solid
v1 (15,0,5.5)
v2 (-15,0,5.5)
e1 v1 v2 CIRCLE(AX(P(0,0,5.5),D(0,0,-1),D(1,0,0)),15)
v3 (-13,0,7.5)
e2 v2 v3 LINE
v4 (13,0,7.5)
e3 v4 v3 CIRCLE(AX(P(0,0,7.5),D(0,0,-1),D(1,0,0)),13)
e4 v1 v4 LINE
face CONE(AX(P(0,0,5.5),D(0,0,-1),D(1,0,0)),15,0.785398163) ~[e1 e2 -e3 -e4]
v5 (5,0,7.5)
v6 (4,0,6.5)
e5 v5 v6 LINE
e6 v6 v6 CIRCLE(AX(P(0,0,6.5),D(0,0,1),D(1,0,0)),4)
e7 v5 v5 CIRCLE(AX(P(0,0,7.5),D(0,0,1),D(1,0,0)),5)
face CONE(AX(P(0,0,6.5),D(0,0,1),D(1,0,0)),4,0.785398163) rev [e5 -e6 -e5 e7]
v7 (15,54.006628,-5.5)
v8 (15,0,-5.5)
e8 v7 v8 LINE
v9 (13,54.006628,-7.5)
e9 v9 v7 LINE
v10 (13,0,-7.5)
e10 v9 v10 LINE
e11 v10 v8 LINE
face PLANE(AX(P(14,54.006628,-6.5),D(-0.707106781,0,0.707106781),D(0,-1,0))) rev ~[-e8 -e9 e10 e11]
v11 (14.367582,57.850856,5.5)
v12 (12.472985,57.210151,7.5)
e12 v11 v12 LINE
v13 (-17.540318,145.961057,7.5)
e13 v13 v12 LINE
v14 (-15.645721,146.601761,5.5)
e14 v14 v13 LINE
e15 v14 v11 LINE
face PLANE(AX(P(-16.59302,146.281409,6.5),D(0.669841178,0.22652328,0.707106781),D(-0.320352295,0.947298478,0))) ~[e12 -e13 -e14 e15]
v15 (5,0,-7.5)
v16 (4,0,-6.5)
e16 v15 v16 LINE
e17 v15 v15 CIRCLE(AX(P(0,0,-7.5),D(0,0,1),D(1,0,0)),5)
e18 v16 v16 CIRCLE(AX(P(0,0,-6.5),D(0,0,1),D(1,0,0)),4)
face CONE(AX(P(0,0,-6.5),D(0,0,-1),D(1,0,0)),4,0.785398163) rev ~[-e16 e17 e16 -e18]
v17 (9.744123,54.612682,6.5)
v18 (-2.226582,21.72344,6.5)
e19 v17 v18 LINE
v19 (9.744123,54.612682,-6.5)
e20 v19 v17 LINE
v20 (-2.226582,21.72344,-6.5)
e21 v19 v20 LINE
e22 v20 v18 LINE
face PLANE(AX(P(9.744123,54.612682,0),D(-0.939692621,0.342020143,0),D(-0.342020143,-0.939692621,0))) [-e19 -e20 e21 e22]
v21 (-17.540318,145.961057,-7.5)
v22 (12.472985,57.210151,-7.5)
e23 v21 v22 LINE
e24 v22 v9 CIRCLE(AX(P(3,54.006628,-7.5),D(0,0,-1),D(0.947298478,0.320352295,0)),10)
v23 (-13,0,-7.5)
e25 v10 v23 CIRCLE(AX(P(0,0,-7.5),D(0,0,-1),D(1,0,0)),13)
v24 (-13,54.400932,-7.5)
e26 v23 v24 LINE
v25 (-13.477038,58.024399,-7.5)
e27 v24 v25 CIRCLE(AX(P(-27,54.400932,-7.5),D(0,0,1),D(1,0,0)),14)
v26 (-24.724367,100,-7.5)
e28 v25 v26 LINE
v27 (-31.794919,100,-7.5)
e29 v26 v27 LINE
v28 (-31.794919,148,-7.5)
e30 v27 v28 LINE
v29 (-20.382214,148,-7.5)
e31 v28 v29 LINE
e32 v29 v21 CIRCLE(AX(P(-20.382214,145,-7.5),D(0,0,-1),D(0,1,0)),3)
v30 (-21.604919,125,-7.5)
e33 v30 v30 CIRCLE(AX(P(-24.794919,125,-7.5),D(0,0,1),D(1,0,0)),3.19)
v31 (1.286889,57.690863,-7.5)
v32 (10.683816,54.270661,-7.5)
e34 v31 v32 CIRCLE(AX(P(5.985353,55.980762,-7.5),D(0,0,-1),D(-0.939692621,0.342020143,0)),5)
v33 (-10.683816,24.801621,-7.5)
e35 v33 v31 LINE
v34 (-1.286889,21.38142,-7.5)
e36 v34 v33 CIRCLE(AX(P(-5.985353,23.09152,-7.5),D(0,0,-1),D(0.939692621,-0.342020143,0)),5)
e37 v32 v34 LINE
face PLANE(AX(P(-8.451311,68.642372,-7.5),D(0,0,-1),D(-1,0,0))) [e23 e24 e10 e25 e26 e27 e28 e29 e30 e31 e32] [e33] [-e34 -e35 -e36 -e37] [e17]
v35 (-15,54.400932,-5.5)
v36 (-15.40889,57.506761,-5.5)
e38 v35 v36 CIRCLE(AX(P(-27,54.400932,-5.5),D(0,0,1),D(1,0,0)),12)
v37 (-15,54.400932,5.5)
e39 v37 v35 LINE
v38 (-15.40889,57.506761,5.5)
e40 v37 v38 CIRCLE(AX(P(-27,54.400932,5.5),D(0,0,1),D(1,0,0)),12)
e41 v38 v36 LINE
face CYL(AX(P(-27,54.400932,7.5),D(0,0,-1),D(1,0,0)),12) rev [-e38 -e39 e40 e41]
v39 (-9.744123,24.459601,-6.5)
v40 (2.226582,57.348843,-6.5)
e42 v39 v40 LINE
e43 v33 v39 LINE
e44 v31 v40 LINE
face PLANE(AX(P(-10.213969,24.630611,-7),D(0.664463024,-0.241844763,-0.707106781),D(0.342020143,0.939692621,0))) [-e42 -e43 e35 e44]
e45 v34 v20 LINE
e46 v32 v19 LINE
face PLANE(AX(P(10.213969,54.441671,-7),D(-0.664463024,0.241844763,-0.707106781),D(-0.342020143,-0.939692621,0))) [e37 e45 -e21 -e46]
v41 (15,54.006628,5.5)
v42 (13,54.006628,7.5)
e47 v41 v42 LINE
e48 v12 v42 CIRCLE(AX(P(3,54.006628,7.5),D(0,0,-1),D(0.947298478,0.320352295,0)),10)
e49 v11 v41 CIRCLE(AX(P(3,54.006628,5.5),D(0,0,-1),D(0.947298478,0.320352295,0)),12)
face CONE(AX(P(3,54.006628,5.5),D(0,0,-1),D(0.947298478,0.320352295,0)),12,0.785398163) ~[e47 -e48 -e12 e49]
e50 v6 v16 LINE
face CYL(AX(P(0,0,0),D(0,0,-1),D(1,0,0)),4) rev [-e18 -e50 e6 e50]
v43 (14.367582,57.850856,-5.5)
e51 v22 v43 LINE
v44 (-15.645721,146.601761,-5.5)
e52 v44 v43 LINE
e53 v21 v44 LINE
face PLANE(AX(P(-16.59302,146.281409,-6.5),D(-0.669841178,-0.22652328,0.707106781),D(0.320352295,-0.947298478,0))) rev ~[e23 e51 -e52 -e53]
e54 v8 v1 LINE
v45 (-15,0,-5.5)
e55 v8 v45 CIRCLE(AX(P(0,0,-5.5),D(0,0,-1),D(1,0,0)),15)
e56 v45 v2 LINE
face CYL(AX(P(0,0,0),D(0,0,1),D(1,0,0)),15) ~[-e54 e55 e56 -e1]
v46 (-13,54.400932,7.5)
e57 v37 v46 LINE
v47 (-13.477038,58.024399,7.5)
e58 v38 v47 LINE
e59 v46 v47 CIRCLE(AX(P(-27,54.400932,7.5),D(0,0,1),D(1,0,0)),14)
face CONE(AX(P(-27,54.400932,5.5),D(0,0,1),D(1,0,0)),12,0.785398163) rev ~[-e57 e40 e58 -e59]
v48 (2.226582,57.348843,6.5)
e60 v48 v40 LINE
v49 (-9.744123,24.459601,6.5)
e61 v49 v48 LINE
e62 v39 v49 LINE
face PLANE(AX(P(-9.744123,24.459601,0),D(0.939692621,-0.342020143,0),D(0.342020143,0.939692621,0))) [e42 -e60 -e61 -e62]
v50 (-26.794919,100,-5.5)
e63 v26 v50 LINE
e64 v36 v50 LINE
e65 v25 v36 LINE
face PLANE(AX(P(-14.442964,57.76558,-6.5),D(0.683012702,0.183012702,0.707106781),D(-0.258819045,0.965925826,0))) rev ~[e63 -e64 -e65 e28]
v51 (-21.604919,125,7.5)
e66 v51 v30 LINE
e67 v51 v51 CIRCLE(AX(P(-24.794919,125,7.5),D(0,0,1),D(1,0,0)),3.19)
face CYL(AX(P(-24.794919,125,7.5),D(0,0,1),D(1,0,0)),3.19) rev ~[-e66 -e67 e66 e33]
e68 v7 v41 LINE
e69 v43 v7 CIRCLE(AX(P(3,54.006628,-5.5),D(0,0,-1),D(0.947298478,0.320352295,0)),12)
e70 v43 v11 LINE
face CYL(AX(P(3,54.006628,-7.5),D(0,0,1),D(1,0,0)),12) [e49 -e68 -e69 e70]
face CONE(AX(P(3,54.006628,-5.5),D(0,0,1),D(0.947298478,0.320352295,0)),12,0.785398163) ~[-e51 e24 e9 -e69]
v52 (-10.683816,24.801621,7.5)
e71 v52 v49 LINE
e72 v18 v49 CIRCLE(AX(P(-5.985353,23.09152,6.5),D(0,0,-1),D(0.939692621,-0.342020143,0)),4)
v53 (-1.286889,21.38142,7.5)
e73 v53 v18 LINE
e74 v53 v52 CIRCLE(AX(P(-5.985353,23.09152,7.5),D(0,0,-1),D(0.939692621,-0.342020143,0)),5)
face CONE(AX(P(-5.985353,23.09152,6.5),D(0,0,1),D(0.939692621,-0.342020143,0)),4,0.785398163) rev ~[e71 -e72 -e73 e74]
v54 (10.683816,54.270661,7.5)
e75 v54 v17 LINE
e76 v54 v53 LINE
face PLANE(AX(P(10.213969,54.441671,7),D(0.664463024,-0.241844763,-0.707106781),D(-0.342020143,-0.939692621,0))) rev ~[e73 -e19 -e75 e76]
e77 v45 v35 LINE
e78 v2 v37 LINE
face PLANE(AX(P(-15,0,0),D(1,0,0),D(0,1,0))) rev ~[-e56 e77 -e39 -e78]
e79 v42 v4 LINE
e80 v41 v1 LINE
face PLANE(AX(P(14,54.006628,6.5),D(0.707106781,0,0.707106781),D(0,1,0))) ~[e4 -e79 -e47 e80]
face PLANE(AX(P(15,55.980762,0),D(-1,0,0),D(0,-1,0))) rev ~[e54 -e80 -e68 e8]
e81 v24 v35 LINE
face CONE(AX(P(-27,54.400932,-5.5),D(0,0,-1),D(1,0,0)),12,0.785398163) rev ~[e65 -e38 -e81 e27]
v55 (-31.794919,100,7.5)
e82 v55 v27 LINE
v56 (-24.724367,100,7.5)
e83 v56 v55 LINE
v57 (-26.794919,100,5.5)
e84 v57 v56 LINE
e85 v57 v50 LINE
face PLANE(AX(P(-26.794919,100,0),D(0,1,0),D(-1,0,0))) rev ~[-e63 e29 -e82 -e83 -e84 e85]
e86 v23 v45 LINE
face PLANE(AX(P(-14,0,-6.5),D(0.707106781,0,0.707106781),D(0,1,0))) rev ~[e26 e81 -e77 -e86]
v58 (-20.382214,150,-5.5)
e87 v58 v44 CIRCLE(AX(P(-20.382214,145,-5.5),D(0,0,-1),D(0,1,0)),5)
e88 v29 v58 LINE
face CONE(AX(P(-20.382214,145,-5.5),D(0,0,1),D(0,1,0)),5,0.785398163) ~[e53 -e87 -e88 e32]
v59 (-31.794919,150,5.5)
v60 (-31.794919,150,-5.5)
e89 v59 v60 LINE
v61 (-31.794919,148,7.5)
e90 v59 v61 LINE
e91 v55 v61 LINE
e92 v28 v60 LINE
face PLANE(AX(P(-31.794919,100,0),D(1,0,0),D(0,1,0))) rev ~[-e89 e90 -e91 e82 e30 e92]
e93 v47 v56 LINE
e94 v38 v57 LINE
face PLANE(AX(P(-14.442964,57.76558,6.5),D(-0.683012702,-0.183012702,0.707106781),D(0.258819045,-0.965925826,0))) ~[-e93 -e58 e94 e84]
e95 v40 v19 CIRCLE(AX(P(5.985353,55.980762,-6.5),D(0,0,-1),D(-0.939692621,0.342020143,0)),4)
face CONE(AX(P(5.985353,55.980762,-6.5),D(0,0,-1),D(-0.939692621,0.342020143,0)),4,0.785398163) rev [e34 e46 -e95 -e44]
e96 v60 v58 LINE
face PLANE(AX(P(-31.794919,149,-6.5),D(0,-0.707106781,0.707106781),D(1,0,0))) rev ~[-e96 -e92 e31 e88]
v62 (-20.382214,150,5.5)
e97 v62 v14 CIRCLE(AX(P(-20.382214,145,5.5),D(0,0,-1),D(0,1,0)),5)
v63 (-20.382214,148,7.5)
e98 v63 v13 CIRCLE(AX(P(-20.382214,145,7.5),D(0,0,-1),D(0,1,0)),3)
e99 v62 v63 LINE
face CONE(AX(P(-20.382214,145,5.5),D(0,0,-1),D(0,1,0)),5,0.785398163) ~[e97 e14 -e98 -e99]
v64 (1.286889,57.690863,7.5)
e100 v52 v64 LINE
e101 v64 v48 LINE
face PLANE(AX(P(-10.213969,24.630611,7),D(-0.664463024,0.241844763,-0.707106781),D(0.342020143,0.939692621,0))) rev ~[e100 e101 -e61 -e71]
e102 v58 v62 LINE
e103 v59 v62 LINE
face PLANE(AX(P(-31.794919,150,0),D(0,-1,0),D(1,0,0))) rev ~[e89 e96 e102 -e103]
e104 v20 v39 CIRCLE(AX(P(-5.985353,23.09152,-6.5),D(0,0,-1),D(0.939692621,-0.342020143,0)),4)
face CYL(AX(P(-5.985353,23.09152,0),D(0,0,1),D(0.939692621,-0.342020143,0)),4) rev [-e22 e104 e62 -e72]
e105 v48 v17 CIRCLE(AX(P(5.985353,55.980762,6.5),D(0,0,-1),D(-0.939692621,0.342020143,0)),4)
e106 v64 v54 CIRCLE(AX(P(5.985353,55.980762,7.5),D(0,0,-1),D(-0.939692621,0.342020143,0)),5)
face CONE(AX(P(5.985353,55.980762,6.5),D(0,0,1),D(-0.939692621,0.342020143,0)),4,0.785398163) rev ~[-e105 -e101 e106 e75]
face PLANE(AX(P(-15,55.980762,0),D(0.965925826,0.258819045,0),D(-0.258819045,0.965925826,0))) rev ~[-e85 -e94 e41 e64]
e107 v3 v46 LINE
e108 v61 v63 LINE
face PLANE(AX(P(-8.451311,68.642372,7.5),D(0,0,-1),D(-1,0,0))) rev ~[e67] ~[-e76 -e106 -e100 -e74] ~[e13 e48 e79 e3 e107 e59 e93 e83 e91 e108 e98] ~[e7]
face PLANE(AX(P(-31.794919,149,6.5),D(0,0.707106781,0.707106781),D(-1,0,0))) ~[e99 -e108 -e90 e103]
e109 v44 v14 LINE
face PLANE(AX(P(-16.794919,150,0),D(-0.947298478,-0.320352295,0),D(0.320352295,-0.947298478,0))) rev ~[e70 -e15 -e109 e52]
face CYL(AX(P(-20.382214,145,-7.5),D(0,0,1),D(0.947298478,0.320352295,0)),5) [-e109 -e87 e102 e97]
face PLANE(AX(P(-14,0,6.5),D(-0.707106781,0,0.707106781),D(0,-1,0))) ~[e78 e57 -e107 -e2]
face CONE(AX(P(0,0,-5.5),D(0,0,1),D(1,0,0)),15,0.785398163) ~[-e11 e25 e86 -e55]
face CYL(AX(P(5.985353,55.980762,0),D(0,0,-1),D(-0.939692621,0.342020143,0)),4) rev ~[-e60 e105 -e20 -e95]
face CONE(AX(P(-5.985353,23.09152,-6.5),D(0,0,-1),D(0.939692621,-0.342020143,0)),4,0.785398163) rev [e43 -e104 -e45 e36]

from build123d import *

# Parameters (mm, degrees)
CROQUIS1_R              = 4
SALIENTE_EXTRUIR1_DEPTH = 7.5
CROQUIS2_R              = 3.19
CORTAR_EXTRUIR1_DEPTH   = 155.064651655
REDONDEO1_R             = 12
CHAFL_N1_SIZE           = 1
REDONDEO2_R             = 5
CHAFL_N2_SIZE           = 2
CHAFL_N3_SIZE           = 1


with BuildPart() as part:
    # Croquis1 → Saliente-Extruir1 (new, symmetric)
    with BuildSketch(Plane.XY):
        with BuildLine():
            Line((-15, 0), (-15, 55.980762114))
            Line((-15, 55.980762114), (-26.794919243, 100))
            Line((-26.794919243, 100), (-31.794919243, 100))
            Line((-31.794919243, 100), (-31.794919243, 150))
            Line((-31.794919243, 150), (-16.794919243, 150))
            Line((-16.794919243, 150), (15, 55.980762114))
            Line((15, 55.980762114), (15, 0))
            ThreePointArc((15, 0), (0, -15), (-15, 0))
        make_face()
        Circle(CROQUIS1_R, mode=Mode.SUBTRACT)
        with BuildLine():
            Line((9.744122991, 54.61268154), (-2.226582025, 21.723439813))
            ThreePointArc((-2.226582025, 21.723439813), (-7.353433082, 19.332749903), (-9.744122991, 24.459600959))
            Line((-9.744122991, 24.459600959), (2.226582025, 57.348842687))
            ThreePointArc((2.226582025, 57.348842687), (7.353433082, 59.739532597), (9.744122991, 54.61268154))
        make_face(mode=Mode.SUBTRACT)
    extrude(amount=SALIENTE_EXTRUIR1_DEPTH, both=True)

    # Croquis2 → Cortar-Extruir1 (cut, through all)
    with BuildSketch(Plane.XY.offset(7.5)):
        with Locations((-24.794919243, 125)):
            Circle(CROQUIS2_R)
    extrude(amount=-CORTAR_EXTRUIR1_DEPTH, mode=Mode.SUBTRACT)

    # Redondeo1
    redondeo1_edges = [part.edges().sort_by_distance(p)[0] for p in [
        (-15, 55.980762114, 0),
        (15, 55.980762114, 0),
    ]]
    fillet(redondeo1_edges, radius=REDONDEO1_R)

    # Chaflán1
    chafl_n1_edges = [part.edges().sort_by_distance(p)[0] for p in [
        (-4, 0, -7.5),
        (-4, 0, 7.5),
    ]]
    chamfer(chafl_n1_edges, length=CHAFL_N1_SIZE)

    # Redondeo2
    redondeo2_edges = [part.edges().sort_by_distance(p)[0] for p in [
        (-16.794919243, 150, 0),
    ]]
    fillet(redondeo2_edges, radius=REDONDEO2_R)

    # Chaflán2
    chafl_n2_edges = [part.edges().sort_by_distance(p)[0] for p in [
        (15, 27.00331421, -7.5),
        (0, -15, -7.5),
        (-21.101904664, 78.753380342, 7.5),
        (0, -15, 7.5),
        (-15, 27.200466071, -7.5),
        (-15, 27.200466071, 7.5),
        (-0.639069755, 102.226308716, -7.5),
        (-0.639069755, 102.226308716, 7.5),
        (14.840839938, 55.95457851, -7.5),
        (14.840839938, 55.95457851, 7.5),
        (-15.102661664, 55.967246449, -7.5),
        (-15.102661664, 55.967246449, 7.5),
        (-26.088566443, 150, -7.5),
        (-26.088566443, 150, 7.5),
        (-17.467493018, 149.062561222, -7.5),
        (-17.467493018, 149.062561222, 7.5),
        (15, 27.00331421, 7.5),
        (-21.101904664, 78.753380342, -7.5),
    ]]
    chamfer(chafl_n2_edges, length=CHAFL_N2_SIZE)

    # Chaflán3
    chafl_n3_edges = [part.edges().sort_by_distance(p)[0] for p in [
        (7.353433082, 59.739532597, -7.5),
        (-3.758770483, 40.904221823, -7.5),
        (-7.353433082, 19.332749903, -7.5),
        (3.758770483, 38.168060676, -7.5),
        (7.353433082, 59.739532597, 7.5),
        (-3.758770483, 40.904221823, 7.5),
        (-7.353433082, 19.332749903, 7.5),
        (3.758770483, 38.168060676, 7.5),
    ]]
    chamfer(chafl_n3_edges, length=CHAFL_N3_SIZE)


solid = part.part
